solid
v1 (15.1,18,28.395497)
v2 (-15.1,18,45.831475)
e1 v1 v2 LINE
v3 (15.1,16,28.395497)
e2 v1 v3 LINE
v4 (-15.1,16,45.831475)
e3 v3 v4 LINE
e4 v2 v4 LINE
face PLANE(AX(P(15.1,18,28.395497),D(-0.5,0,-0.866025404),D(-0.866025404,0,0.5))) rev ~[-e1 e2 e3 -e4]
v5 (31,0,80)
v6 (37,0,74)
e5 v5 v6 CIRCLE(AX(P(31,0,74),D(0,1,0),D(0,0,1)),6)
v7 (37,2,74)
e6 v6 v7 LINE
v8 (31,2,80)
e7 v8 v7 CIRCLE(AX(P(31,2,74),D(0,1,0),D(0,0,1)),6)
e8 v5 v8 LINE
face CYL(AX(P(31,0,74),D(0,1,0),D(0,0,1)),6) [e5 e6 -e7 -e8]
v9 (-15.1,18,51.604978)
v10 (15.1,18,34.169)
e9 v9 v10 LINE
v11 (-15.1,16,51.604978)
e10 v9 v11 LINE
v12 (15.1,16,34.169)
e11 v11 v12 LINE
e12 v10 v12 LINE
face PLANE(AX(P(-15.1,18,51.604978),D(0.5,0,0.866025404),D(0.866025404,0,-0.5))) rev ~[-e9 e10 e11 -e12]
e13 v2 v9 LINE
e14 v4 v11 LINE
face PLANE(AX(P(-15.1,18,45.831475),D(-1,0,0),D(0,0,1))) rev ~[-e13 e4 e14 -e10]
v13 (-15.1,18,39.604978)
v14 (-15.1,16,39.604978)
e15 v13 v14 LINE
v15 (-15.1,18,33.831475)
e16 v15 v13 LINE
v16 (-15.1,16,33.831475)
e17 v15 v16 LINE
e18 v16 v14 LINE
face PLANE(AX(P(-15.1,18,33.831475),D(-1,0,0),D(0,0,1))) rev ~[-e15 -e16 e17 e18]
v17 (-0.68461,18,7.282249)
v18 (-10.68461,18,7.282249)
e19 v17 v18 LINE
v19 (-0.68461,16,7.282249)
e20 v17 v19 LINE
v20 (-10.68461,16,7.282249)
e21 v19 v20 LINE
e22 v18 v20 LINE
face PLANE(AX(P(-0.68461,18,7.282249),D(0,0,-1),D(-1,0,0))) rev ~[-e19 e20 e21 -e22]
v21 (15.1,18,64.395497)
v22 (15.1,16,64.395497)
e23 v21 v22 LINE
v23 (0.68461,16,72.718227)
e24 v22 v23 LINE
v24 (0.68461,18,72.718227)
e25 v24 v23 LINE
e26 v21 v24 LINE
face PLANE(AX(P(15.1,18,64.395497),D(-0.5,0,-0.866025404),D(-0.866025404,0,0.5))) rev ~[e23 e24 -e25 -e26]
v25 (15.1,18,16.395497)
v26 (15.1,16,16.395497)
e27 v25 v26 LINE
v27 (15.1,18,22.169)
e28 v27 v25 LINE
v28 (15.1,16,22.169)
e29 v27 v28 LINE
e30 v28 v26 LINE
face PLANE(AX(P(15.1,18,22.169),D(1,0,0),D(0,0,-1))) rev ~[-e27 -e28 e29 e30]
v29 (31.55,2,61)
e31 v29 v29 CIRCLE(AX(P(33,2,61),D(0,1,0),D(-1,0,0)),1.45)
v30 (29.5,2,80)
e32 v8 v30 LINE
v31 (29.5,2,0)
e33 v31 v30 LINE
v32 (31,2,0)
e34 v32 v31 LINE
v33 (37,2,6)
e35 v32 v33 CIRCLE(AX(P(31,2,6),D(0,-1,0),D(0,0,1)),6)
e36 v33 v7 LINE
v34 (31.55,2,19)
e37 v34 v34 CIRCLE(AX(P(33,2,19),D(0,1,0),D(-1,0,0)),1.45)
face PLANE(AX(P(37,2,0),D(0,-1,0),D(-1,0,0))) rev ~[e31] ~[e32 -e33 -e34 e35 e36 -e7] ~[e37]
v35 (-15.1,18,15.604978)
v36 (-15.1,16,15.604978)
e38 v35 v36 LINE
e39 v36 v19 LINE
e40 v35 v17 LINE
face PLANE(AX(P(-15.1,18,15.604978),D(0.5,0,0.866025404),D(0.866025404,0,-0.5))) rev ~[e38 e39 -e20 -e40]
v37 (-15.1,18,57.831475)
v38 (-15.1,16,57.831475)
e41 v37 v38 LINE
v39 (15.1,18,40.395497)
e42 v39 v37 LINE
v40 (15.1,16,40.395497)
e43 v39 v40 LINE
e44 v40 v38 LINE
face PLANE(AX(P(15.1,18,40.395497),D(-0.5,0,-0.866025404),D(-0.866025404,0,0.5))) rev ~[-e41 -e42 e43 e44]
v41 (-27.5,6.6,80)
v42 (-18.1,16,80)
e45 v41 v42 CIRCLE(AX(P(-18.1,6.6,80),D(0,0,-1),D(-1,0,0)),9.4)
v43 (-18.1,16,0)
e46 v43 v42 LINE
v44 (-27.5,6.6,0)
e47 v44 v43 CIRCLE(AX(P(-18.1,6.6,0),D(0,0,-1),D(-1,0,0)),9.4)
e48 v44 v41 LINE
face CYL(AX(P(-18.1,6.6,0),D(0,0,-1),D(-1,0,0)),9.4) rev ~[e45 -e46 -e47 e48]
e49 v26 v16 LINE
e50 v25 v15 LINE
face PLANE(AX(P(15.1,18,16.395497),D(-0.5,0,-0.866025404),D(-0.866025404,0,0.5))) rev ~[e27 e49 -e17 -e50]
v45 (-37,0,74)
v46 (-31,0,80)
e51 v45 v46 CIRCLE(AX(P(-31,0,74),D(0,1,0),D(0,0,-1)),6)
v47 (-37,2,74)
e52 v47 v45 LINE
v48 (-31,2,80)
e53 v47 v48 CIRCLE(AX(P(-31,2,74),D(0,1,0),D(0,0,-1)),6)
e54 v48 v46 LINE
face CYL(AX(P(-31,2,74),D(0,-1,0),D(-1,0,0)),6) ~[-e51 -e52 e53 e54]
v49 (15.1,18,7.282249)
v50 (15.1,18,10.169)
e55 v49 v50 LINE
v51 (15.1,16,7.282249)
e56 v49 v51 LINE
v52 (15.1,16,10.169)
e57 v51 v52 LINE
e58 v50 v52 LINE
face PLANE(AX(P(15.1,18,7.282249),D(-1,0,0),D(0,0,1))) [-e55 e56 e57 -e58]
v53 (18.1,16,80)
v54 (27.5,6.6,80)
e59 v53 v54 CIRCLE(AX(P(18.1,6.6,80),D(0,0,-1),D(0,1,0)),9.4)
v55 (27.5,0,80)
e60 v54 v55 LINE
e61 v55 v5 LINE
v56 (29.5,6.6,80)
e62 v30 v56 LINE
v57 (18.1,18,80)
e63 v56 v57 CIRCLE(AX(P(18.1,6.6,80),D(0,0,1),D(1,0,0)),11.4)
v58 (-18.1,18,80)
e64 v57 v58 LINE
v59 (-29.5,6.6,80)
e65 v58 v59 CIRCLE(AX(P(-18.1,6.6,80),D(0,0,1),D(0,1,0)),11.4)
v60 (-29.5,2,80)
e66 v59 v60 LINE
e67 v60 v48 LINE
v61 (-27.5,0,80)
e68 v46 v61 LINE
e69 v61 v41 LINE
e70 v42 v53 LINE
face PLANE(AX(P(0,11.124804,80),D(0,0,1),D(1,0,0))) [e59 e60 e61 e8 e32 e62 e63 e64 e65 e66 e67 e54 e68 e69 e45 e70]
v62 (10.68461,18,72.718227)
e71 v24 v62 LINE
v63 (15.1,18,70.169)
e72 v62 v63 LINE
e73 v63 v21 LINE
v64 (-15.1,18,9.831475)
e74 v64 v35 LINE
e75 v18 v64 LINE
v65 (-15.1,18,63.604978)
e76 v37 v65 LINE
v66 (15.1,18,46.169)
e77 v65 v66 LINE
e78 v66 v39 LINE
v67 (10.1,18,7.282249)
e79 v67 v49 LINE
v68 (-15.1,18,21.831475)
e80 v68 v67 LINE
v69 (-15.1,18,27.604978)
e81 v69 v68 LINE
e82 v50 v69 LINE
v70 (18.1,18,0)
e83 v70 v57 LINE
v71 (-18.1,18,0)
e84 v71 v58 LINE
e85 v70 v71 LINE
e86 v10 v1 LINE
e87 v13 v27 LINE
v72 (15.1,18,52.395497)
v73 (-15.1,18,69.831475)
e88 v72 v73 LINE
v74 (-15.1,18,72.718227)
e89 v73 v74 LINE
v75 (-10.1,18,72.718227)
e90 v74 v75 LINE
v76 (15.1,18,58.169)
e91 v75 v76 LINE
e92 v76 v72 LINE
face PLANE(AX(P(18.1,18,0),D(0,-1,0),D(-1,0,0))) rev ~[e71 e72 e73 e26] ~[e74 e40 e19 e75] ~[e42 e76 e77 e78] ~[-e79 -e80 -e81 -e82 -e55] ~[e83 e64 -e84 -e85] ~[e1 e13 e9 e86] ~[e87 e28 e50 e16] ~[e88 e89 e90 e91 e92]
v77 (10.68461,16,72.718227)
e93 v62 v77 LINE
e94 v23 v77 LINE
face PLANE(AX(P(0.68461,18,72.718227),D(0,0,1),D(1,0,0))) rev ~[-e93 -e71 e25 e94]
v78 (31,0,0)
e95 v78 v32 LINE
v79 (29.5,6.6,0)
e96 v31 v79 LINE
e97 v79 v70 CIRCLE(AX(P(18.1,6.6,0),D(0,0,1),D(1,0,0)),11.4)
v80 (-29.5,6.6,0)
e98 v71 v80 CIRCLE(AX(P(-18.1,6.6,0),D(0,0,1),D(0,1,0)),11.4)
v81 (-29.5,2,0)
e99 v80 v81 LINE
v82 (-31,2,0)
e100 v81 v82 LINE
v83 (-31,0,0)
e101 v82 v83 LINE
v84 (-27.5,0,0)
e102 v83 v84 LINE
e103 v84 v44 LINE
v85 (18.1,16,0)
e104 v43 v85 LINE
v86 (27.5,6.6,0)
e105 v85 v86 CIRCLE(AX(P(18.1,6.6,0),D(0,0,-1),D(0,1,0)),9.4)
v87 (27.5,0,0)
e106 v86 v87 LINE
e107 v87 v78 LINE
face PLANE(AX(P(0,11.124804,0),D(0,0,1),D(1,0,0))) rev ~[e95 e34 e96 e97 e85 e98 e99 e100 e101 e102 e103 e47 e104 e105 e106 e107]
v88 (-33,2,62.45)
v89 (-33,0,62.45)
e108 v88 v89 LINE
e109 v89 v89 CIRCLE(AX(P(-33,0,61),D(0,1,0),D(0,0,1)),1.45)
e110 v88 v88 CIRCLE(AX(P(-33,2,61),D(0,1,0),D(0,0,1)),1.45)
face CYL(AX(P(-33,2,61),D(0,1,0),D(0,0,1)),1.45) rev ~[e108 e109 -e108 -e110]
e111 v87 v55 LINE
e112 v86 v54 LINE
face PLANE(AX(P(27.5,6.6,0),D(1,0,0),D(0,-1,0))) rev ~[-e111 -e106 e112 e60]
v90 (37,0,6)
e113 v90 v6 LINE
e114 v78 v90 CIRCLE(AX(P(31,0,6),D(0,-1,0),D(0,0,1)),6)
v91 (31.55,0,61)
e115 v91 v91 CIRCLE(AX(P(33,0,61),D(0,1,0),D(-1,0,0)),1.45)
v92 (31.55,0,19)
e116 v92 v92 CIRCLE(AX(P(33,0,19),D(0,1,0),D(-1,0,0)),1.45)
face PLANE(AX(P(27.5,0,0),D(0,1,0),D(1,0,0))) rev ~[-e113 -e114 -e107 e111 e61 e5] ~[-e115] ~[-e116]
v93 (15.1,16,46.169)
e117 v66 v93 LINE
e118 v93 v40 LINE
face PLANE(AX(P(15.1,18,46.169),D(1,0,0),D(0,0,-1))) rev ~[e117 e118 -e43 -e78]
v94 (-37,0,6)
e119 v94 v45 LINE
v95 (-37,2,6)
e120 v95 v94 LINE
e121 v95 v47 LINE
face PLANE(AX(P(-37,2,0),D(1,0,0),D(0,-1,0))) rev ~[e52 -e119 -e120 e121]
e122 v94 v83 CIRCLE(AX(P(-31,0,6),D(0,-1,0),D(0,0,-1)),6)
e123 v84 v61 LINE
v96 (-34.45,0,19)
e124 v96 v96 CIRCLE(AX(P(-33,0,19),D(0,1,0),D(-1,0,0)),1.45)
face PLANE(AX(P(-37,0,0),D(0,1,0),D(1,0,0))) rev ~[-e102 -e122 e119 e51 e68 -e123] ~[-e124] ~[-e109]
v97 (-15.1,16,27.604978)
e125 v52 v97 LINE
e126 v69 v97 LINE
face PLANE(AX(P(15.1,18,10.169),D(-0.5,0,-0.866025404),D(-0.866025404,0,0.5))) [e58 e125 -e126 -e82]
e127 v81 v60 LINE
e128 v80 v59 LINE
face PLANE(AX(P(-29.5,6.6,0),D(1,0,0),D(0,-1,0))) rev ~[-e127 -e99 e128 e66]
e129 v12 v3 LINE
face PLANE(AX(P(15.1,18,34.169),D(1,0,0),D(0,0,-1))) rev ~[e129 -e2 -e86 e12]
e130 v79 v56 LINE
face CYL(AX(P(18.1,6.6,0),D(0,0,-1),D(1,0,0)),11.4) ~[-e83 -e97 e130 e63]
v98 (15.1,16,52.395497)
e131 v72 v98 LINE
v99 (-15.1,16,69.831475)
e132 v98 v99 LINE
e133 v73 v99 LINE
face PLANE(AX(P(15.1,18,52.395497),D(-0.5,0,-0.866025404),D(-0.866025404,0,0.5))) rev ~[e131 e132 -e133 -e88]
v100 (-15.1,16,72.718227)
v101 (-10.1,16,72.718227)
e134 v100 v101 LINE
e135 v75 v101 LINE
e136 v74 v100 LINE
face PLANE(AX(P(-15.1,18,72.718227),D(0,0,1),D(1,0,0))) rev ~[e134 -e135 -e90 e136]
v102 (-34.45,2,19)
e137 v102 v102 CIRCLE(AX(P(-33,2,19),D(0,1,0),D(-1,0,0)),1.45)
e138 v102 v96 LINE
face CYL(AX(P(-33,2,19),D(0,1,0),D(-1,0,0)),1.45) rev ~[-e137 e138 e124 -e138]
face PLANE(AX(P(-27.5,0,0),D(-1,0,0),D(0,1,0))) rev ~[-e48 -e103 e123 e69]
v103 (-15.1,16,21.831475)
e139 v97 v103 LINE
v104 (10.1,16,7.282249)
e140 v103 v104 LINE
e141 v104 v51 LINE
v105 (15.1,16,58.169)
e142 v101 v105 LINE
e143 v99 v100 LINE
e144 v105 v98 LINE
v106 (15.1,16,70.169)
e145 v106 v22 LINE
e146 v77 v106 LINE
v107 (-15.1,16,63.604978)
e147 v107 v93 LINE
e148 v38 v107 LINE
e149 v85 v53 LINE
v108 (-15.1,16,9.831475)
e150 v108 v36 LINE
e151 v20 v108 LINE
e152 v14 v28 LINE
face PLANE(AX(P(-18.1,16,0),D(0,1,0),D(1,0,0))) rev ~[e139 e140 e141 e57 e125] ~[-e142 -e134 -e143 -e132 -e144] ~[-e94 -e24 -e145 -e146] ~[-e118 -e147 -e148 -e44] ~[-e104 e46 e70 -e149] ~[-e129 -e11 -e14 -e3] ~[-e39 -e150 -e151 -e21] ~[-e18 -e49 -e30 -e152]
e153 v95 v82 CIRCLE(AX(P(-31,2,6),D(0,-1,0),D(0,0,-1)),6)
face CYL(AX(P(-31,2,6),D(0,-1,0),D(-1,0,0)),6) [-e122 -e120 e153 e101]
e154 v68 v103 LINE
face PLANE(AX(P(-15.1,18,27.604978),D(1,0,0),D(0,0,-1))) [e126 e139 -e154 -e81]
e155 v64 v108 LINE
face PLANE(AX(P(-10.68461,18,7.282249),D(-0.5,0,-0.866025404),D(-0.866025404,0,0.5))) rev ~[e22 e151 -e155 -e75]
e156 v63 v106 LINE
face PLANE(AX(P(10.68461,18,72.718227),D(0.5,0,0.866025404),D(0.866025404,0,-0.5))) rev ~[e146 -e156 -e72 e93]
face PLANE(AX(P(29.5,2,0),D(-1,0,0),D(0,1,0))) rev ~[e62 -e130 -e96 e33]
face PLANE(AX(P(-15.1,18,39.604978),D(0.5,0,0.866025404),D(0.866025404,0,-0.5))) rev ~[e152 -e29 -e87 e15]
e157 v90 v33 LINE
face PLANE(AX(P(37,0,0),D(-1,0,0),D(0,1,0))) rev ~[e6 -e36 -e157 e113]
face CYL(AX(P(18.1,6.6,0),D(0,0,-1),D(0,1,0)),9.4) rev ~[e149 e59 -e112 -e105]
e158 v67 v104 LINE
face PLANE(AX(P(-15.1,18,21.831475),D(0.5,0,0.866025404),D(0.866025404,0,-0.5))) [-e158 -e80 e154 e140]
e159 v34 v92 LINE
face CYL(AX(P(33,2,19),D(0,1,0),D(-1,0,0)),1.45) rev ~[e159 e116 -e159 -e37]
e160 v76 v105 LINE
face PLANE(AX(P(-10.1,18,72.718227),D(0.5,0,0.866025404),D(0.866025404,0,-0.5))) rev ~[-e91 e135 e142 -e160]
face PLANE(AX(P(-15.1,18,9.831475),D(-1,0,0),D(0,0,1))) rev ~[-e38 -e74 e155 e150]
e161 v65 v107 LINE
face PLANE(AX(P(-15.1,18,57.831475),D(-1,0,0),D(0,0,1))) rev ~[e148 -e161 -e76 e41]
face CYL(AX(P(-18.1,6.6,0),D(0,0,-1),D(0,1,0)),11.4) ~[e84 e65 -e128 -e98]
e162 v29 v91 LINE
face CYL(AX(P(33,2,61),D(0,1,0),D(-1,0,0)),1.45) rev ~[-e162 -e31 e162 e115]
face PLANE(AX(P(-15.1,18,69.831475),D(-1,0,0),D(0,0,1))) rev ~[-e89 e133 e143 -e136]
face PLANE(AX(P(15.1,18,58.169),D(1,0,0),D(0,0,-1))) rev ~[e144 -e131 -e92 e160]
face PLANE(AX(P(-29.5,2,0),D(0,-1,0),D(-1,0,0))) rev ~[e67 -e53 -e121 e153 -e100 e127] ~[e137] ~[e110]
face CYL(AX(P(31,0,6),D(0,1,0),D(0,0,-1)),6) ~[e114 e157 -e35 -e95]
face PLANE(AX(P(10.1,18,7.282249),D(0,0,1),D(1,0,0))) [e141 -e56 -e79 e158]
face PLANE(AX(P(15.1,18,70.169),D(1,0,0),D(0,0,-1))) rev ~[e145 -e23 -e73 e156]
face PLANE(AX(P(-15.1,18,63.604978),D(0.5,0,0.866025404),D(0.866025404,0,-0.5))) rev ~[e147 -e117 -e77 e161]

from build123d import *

# Parameters (mm, degrees)
EXTRUDE_1_DEPTH     = 80
SKETCH_2_R          = 1.45
CUT_EXTRUDE_1_DEPTH = 80
FILLET_1_R          = 6
CUT_EXTRUDE_2_DEPTH = 10


with BuildPart() as part:
    # 草图1 → 凸台-拉伸1 (new body)
    with BuildSketch(Plane.XY):
        with BuildLine():
            Line((-37, 0), (-27.5, 0))
            Line((-27.5, 0), (-27.5, 6.6))
            ThreePointArc((-27.5, 6.6), (-24.746803743, 13.246803743), (-18.1, 16))
            Line((-18.1, 16), (18.1, 16))
            ThreePointArc((18.1, 16), (24.746803743, 13.246803743), (27.5, 6.6))
            Line((27.5, 6.6), (27.5, 0))
            Line((27.5, 0), (37, 0))
            Line((37, 0), (37, 2))
            Line((37, 2), (29.5, 2))
            Line((29.5, 2), (29.5, 6.6))
            ThreePointArc((29.5, 6.6), (26.161017306, 14.661017306), (18.1, 18))
            Line((18.1, 18), (-18.1, 18))
            ThreePointArc((-18.1, 18), (-26.161017306, 14.661017306), (-29.5, 6.6))
            Line((-29.5, 6.6), (-29.5, 2))
            Line((-29.5, 2), (-37, 2))
            Line((-37, 2), (-37, 0))
        make_face()
    extrude(amount=EXTRUDE_1_DEPTH)

    # 草图2 → 切除-拉伸1 (cut)
    with BuildSketch(Plane(origin=(0, 2, 0), x_dir=(1, 0, 0), z_dir=(0, 1, 0))):
        with Locations(Location((-33, -19, 0), (0, 0, 180))):
            Circle(SKETCH_2_R)
        with Locations(Location((-33, -61, 0), (0, 0, 270))):
            Circle(SKETCH_2_R)
        with Locations(Location((33, -61, 0), (0, 0, 180))):
            Circle(SKETCH_2_R)
        with Locations(Location((33, -19, 0), (0, 0, 180))):
            Circle(SKETCH_2_R)
    extrude(amount=-CUT_EXTRUDE_1_DEPTH, mode=Mode.SUBTRACT)

    # 圆角1
    fillet_1_edges = [part.edges().sort_by_distance(p)[0] for p in [
        (37, 1, 0),
        (-37, 1, 0),
        (37, 1, 80),
        (-37, 1, 80),
    ]]
    fillet(fillet_1_edges, radius=FILLET_1_R)

    # 草图3 → 切除-拉伸2 (cut)
    with BuildSketch(Plane(origin=(0, 18, 0), x_dir=(1, 0, 0), z_dir=(0, 1, 0))):
        Polygon((0.684609691, -72.718226784), (10.684609691, -72.718226784), (15.1, -70.169), (15.1, -64.395497308), align=None)
        Polygon((-15.1, -72.718226784), (-10.1, -72.718226784), (15.1, -58.169), (15.1, -52.395497308), (-15.1, -69.831475438), align=None)
        Polygon((-15.1, -57.831475438), (-15.1, -63.60497813), (15.1, -46.169), (15.1, -40.395497308), align=None)
        Polygon((-15.1, -45.831475438), (-15.1, -51.60497813), (15.1, -34.169), (15.1, -28.395497308), align=None)
        Polygon((-15.1, -33.831475438), (-15.1, -39.60497813), (15.1, -22.169), (15.1, -16.395497308), align=None)
        Polygon((10.1, -7.282248654), (15.1, -7.282248654), (15.1, -10.169), (-15.1, -27.60497813), (-15.1, -21.831475438), align=None)
        Polygon((-15.1, -9.831475438), (-15.1, -15.60497813), (-0.684609691, -7.282248654), (-10.684609691, -7.282248654), align=None)
    extrude(amount=-CUT_EXTRUDE_2_DEPTH, mode=Mode.SUBTRACT)


solid = part.part
